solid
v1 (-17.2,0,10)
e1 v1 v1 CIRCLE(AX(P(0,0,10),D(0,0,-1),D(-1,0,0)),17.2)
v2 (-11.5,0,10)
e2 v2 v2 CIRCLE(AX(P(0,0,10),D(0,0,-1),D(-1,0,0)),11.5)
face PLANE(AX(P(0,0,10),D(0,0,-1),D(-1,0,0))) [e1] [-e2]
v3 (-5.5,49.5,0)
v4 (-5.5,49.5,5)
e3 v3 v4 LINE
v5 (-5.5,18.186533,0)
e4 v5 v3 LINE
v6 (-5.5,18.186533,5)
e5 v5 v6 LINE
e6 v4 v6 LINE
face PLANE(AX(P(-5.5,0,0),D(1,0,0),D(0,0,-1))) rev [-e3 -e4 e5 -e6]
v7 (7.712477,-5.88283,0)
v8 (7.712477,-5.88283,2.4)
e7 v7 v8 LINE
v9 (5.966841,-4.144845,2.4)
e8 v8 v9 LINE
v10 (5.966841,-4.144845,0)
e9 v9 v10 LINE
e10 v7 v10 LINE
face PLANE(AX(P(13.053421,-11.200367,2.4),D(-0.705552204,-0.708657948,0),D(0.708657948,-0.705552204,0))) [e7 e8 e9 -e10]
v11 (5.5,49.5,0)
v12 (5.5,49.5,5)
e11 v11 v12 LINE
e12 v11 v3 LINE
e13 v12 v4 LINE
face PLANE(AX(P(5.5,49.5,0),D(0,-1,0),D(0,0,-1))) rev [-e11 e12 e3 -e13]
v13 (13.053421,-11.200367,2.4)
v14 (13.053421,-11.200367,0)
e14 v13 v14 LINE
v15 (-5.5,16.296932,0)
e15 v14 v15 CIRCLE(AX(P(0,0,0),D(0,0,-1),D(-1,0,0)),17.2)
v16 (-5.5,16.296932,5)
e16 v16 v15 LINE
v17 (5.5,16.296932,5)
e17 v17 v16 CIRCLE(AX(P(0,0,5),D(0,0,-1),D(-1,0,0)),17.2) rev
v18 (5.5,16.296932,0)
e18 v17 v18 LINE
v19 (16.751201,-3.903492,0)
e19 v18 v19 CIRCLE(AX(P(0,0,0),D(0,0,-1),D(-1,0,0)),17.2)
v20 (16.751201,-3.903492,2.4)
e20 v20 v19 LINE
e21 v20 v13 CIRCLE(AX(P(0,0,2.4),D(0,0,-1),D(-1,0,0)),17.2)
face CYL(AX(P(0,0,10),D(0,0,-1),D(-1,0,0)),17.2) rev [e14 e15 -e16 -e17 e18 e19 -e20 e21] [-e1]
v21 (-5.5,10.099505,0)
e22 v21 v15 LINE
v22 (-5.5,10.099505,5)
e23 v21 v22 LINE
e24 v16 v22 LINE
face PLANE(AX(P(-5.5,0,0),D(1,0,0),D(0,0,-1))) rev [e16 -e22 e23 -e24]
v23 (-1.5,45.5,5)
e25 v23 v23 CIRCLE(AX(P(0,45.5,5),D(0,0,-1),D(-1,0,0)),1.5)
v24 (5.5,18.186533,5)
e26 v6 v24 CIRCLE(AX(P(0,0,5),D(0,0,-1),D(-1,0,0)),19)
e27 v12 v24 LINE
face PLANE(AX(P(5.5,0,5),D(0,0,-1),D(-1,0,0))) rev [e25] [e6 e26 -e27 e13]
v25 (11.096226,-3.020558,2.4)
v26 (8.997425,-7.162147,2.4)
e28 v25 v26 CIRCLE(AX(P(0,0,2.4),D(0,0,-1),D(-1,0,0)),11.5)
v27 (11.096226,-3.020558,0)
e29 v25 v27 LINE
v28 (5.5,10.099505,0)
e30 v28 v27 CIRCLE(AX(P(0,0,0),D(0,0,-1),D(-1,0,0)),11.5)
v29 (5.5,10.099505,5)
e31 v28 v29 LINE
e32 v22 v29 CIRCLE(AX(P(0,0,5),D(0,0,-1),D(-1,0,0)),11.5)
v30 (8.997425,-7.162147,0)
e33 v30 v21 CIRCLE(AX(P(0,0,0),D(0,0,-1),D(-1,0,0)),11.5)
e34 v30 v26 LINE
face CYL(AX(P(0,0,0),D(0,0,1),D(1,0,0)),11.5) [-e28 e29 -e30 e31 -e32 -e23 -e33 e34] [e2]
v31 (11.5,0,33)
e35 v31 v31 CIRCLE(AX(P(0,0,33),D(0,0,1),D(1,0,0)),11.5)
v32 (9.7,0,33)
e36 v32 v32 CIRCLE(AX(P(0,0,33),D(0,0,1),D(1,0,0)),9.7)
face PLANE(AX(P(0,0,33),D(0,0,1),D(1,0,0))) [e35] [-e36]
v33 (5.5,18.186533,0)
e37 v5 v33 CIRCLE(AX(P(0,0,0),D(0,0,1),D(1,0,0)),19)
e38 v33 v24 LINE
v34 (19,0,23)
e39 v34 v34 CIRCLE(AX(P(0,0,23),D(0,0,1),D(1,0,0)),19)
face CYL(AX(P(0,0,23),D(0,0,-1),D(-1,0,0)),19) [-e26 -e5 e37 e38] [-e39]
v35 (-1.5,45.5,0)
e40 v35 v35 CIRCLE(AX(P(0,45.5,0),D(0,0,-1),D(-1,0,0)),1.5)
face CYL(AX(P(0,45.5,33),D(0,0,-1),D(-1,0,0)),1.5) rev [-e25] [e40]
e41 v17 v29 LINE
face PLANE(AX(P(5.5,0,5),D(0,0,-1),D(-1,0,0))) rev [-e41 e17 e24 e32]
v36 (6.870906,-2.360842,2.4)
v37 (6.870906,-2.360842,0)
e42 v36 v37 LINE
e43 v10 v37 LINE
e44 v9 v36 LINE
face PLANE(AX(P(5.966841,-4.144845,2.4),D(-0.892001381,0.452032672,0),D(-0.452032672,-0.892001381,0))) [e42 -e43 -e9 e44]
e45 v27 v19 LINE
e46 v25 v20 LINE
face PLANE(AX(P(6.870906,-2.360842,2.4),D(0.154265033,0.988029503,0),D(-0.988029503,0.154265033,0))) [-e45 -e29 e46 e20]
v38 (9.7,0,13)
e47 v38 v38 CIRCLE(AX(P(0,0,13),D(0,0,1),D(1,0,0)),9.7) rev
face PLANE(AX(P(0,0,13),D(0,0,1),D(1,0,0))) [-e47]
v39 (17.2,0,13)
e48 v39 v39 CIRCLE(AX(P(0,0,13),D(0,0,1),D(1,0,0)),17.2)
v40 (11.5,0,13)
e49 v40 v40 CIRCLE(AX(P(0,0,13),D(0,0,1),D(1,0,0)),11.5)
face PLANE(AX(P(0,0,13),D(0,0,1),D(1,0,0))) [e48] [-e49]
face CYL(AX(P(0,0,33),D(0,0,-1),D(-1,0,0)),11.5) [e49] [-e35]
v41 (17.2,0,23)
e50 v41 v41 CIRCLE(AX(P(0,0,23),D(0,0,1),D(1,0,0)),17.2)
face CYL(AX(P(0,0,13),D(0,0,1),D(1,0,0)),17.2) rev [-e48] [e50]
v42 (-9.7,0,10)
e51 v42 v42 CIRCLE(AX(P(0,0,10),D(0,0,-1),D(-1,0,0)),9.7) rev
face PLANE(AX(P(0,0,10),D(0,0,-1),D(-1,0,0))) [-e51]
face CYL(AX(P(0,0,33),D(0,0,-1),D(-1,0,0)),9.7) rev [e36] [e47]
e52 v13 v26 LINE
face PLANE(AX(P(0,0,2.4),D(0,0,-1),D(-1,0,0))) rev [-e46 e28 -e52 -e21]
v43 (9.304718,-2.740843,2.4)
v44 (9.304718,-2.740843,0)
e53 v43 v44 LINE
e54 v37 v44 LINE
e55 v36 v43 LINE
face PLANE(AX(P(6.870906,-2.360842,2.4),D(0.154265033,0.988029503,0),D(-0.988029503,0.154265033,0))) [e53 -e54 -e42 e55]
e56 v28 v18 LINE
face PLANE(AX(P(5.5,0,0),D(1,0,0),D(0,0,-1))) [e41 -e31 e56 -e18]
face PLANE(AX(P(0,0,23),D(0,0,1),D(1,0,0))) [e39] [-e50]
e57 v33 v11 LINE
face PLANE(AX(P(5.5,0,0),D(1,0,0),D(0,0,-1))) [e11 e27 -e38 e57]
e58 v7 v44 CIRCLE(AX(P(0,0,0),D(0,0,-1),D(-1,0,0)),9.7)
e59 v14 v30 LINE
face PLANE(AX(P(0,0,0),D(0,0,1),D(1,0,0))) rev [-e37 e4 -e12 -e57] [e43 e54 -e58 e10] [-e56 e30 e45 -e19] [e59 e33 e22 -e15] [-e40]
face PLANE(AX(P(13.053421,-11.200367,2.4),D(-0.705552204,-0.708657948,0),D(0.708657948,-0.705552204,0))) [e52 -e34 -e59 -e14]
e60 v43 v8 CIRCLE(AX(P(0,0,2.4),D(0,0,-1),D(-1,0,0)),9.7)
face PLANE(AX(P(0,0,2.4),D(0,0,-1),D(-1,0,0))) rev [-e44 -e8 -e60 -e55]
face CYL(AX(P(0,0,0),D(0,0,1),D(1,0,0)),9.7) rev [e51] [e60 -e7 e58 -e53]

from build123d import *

# Parameters (mm, degrees)
CROQUIS1_R              = 19
SALIENTE_EXTRUIR1_DEPTH = 23
CROQUIS2_R              = 17.2
CORTAR_EXTRUIR1_DEPTH   = 10
CROQUIS3_R              = 11.5
CROQUIS3_R_2            = 9.7
SALIENTE_EXTRUIR2_DEPTH = 20
CORTAR_EXTRUIR3_START   = -10
CROQUIS4_R              = 17.2
CORTAR_EXTRUIR3_DEPTH   = 10
SALIENTE_EXTRUIR3_START = 10
CROQUIS5_R              = 11.5
CROQUIS5_R_2            = 9.7
SALIENTE_EXTRUIR3_DEPTH = 10
SALIENTE_EXTRUIR4_DEPTH = 5.5
SALIENTE_EXTRUIR5_START = -2.4
SALIENTE_EXTRUIR5_DEPTH = 2.4
CROQUIS8_R              = 1.5
CORTAR_EXTRUIR4_DEPTH   = 63.451981554


with BuildPart() as part:
    # Croquis1 → Saliente-Extruir1 (new body)
    with BuildSketch(Plane.XY):
        Circle(CROQUIS1_R)
    extrude(amount=SALIENTE_EXTRUIR1_DEPTH)

    # Croquis2 → Cortar-Extruir1 (cut)
    with BuildSketch(Plane.XY.offset(23)):
        Circle(CROQUIS2_R)
    extrude(amount=-CORTAR_EXTRUIR1_DEPTH, mode=Mode.SUBTRACT)

    # Croquis3 → Saliente-Extruir2 (add)
    with BuildSketch(Plane.XY.offset(13)):
        Circle(CROQUIS3_R)
        Circle(CROQUIS3_R_2, mode=Mode.SUBTRACT)
    extrude(amount=SALIENTE_EXTRUIR2_DEPTH)

    # Croquis4 → Cortar-Extruir3 (cut)
    with BuildSketch(Plane(origin=(0, 0, 0), x_dir=(-1, 0, 0), z_dir=(0, 0, -1)).offset(CORTAR_EXTRUIR3_START)):
        with Locations(Location((0, 0, 0), (0, 0, 180))):
            Circle(CROQUIS4_R)
    extrude(amount=CORTAR_EXTRUIR3_DEPTH, mode=Mode.SUBTRACT)

    # Croquis5 → Saliente-Extruir3 (add)
    with BuildSketch(Plane(origin=(0, 0, 10), x_dir=(-1, 0, 0), z_dir=(0, 0, -1)).offset(SALIENTE_EXTRUIR3_START)):
        with Locations(Location((0, 0, 0), (0, 0, 180))):
            Circle(CROQUIS5_R)
        with Locations(Location((0, 0, 0), (0, 0, 180))):
            Circle(CROQUIS5_R_2, mode=Mode.SUBTRACT)
    extrude(amount=-SALIENTE_EXTRUIR3_DEPTH)

    # Croquis6 → Saliente-Extruir4 (add, symmetric)
    with BuildSketch(Plane(origin=(0, 0, 0), x_dir=(0, 0, -1), z_dir=(1, 0, 0))):
        Polygon((-5, 10.008599435), (0, 10.008599435), (0, 10.702416301), (0, 11.5), (0, 49.5), (-5, 49.5), (-5, 11.5), (-5, 10.702416301), align=None)
    extrude(amount=SALIENTE_EXTRUIR4_DEPTH, both=True)

    # Croquis7 → Saliente-Extruir5 (add)
    with BuildSketch(Plane(origin=(0, 0, 0), x_dir=(-1, 0, 0), z_dir=(0, 0, -1)).offset(SALIENTE_EXTRUIR5_START)):
        with BuildLine():
            Line((-13.053420517, -11.200366637), (-5.966841039, -4.144844594))
            Line((-5.966841039, -4.144844594), (-6.870906384, -2.360841833))
            Line((-6.870906384, -2.360841833), (-16.751201418, -3.903492163))
            ThreePointArc((-16.751201418, -3.903492163), (-15.342423747, -7.774961965), (-13.053420517, -11.200366637))
        make_face()
    extrude(amount=SALIENTE_EXTRUIR5_DEPTH)

    # Croquis8 → Cortar-Extruir4 (cut, through all)
    with BuildSketch(Plane(origin=(0, 0, 0), x_dir=(-1, 0, 0), z_dir=(0, 0, -1))):
        with Locations((0, 45.5)):
            Circle(CROQUIS8_R)
    extrude(amount=-CORTAR_EXTRUIR4_DEPTH, mode=Mode.SUBTRACT)


solid = part.part
